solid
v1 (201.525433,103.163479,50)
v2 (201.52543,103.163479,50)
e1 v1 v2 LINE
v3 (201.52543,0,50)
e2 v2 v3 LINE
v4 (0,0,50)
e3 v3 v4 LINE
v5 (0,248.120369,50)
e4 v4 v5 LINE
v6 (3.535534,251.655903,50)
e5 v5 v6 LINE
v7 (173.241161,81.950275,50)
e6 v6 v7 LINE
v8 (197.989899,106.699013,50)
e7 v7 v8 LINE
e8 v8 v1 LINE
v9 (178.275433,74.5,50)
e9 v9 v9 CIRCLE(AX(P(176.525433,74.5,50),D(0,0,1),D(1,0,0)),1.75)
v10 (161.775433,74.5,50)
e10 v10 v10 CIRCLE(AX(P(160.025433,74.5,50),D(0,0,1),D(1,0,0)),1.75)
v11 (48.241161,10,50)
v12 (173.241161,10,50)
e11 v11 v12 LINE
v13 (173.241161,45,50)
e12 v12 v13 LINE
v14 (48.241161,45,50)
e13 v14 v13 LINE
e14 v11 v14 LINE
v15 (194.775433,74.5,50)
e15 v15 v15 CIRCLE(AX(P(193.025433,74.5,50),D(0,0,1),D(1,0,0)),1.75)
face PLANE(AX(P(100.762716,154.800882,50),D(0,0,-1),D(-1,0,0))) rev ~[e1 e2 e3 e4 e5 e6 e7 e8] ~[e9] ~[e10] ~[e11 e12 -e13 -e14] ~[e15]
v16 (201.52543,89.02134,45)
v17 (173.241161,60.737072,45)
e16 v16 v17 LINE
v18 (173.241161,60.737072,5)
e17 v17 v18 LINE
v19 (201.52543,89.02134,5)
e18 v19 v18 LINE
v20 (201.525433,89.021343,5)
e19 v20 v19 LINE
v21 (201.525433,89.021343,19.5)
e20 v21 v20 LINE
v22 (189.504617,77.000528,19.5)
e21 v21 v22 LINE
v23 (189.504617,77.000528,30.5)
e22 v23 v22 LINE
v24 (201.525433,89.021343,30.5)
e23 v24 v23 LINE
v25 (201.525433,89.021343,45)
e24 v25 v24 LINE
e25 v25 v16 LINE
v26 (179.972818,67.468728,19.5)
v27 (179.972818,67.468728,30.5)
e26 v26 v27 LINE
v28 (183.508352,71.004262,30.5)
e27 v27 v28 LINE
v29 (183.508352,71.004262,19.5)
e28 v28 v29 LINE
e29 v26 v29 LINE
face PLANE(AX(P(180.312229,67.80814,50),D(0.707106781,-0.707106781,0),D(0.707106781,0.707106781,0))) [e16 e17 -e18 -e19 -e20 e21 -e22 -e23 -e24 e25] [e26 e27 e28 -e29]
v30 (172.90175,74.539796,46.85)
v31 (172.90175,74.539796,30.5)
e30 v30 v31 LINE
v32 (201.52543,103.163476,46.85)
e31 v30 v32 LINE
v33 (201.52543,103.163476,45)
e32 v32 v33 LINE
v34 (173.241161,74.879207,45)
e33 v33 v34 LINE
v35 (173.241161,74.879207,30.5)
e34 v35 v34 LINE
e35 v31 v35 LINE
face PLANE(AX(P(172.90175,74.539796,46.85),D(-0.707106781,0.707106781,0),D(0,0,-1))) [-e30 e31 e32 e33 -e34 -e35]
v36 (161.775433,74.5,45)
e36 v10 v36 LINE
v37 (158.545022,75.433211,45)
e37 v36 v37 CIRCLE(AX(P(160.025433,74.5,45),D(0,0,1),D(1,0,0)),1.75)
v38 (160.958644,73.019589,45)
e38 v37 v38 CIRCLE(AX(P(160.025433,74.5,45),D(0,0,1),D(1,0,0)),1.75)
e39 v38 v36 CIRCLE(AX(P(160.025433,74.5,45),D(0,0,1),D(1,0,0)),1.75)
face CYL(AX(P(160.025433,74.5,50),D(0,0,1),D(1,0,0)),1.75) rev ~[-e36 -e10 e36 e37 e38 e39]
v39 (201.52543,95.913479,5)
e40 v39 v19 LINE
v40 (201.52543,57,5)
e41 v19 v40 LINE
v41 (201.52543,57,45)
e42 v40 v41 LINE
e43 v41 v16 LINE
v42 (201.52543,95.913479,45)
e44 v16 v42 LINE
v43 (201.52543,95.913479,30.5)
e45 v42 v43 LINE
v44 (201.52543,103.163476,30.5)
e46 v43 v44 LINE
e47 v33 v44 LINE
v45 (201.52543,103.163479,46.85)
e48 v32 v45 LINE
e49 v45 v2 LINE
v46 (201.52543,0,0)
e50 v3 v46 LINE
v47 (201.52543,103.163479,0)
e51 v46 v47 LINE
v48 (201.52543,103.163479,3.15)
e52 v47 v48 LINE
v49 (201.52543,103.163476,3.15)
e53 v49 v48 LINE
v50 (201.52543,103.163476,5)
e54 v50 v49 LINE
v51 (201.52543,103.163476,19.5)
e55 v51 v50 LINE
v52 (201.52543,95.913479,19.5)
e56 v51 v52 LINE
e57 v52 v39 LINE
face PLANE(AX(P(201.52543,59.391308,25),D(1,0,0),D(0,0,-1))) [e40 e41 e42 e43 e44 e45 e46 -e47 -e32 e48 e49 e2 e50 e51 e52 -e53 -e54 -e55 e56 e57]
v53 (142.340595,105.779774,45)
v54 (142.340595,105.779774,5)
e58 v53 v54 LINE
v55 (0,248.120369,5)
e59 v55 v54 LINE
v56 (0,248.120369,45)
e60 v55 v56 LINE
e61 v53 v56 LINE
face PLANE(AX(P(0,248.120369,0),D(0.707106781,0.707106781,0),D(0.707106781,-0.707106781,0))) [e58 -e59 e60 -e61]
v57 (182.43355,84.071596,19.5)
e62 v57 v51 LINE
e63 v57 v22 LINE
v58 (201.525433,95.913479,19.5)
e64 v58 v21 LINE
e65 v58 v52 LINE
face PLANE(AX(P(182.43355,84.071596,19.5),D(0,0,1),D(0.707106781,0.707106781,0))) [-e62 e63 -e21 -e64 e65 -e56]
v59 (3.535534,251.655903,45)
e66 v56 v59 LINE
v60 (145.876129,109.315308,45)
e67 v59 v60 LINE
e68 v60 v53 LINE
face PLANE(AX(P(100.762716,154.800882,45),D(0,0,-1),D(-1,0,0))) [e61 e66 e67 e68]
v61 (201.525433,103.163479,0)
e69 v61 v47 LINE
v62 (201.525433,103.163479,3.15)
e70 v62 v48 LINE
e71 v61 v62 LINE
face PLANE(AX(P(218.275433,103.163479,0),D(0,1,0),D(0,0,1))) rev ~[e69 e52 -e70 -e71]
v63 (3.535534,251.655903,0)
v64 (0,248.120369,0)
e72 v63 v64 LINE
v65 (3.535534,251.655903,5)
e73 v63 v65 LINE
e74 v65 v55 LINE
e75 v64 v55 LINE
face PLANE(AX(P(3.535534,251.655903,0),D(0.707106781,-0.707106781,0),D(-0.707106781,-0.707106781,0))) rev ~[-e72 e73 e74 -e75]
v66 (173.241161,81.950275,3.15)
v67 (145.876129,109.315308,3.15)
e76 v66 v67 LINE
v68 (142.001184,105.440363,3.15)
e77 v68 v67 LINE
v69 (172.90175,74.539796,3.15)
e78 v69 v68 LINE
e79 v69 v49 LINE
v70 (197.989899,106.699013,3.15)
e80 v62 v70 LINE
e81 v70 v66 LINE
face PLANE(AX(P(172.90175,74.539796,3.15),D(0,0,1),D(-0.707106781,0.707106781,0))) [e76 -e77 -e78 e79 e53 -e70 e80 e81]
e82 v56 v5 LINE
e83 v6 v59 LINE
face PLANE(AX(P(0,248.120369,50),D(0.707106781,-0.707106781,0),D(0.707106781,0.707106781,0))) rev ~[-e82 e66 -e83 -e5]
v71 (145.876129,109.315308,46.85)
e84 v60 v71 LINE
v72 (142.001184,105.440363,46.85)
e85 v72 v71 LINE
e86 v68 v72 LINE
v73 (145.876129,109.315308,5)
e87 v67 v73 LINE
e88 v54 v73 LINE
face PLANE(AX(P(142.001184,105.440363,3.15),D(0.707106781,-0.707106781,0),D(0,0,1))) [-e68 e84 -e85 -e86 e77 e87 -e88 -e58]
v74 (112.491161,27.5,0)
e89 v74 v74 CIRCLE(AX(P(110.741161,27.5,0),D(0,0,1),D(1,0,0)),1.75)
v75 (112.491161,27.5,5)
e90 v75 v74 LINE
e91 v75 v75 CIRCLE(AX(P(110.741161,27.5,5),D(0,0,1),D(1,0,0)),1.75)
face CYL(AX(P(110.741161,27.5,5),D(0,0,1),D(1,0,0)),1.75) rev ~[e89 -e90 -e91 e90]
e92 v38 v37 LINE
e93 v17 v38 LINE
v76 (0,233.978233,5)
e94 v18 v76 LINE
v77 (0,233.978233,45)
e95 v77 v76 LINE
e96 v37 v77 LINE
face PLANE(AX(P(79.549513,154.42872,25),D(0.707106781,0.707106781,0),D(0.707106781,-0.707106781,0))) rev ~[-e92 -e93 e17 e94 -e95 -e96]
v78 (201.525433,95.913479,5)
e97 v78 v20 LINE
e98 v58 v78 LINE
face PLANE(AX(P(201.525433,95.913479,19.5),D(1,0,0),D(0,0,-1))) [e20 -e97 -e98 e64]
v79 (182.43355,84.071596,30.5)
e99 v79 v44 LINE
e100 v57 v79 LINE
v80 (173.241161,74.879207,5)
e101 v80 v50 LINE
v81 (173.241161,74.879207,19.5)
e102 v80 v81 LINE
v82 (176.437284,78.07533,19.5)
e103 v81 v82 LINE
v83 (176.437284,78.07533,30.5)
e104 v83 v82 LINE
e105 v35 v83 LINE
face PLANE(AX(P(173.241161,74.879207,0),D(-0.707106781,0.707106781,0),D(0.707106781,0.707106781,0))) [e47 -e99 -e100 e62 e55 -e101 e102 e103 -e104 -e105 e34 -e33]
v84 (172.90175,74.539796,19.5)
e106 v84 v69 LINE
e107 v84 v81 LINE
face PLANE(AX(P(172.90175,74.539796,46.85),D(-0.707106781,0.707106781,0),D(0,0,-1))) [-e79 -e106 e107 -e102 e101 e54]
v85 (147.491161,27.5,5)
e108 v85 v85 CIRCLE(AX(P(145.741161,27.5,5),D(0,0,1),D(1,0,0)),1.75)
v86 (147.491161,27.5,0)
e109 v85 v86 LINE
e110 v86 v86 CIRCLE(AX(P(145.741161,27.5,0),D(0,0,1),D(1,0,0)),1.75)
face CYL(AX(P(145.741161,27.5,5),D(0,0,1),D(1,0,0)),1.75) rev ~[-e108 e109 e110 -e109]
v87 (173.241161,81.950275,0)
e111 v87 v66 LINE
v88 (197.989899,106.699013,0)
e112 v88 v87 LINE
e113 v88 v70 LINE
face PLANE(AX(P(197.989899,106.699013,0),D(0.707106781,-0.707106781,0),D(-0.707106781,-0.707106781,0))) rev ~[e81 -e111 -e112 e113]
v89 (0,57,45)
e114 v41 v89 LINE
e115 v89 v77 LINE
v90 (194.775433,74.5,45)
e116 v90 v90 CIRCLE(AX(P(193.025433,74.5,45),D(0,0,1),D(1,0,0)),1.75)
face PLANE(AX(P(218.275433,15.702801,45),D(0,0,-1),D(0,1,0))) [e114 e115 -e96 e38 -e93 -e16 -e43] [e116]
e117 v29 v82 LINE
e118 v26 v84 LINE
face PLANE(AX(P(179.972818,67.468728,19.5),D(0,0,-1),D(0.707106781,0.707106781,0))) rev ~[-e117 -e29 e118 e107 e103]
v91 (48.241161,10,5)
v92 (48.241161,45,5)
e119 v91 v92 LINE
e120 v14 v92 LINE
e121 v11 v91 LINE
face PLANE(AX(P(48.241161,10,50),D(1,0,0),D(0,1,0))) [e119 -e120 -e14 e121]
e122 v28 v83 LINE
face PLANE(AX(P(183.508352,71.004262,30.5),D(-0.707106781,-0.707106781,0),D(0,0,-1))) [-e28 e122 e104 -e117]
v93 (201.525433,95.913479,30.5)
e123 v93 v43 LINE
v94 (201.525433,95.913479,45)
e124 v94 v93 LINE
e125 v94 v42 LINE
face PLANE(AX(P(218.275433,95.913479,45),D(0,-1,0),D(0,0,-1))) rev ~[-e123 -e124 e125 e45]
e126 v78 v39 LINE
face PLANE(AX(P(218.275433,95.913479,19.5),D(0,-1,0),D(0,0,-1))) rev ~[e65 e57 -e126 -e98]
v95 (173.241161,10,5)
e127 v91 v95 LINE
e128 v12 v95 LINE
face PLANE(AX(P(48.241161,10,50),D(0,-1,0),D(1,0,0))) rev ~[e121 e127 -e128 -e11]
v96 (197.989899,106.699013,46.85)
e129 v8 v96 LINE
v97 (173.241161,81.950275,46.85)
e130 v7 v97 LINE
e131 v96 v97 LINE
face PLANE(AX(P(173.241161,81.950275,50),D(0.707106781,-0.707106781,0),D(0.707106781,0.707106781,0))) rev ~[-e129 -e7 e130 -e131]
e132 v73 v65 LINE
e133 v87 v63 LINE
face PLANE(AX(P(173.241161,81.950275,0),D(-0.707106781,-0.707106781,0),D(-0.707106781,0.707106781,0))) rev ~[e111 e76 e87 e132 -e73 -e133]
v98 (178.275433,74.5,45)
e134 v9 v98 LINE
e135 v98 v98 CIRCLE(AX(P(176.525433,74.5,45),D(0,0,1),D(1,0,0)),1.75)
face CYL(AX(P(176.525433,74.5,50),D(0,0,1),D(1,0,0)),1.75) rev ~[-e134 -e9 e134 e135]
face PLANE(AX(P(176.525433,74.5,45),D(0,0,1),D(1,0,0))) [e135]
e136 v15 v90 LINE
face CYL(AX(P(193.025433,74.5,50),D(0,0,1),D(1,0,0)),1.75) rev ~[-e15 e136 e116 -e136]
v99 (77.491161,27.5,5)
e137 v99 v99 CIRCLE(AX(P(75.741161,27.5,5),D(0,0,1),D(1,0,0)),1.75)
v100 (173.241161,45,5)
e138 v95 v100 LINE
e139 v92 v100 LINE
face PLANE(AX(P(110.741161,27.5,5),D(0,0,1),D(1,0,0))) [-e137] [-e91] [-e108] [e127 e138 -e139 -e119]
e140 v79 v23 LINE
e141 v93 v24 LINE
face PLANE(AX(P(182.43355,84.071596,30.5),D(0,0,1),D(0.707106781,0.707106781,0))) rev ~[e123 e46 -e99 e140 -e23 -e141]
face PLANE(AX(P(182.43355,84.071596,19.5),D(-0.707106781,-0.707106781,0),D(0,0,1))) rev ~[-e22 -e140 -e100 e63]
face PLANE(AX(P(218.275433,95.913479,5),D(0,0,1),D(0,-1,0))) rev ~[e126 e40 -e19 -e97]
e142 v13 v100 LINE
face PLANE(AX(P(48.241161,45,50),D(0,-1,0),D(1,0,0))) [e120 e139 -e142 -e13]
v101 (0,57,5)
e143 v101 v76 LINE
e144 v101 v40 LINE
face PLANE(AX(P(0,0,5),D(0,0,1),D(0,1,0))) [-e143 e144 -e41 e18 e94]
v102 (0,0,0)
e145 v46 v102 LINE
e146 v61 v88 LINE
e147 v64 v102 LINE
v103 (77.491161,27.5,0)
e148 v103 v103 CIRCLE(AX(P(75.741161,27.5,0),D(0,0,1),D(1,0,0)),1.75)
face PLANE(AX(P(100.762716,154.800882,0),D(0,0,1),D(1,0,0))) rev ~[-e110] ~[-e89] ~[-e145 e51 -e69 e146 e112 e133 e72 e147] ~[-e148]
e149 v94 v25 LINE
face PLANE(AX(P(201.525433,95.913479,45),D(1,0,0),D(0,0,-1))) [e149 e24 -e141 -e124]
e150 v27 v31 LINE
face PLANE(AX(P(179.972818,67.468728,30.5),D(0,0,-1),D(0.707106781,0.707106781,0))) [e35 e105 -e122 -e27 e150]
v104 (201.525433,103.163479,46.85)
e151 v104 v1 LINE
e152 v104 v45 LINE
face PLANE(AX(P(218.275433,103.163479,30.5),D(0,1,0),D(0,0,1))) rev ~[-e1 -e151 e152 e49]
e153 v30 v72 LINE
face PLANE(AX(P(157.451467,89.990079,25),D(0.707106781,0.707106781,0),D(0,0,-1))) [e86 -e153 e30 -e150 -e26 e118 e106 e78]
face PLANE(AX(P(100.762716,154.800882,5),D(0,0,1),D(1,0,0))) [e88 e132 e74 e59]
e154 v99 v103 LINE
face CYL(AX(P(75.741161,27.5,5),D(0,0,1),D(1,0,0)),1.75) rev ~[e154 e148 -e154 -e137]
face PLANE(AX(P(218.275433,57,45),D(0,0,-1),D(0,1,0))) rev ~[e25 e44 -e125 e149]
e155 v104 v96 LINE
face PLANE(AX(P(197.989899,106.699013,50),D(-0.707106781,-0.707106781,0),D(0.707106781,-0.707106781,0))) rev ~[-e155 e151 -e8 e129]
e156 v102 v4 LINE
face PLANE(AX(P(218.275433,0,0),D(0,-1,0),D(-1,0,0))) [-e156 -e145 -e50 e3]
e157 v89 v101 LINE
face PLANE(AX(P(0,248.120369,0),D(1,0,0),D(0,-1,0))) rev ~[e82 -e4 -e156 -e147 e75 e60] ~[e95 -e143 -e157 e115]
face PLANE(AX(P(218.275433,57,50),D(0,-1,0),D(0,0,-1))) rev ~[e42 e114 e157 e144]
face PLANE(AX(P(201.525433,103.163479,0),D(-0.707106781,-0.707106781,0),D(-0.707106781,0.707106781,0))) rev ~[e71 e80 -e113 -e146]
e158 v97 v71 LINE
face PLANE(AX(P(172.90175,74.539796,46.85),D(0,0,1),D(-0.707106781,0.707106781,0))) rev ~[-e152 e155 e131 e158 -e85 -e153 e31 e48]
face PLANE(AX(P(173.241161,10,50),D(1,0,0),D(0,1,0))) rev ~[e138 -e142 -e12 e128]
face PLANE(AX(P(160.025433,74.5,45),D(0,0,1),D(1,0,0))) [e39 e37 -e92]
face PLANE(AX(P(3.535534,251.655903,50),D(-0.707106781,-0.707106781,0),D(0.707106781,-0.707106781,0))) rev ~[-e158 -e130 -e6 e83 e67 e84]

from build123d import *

# Parameters (mm, degrees)
BOSS_EXTRUDE1_DEPTH              = 50
CUT_EXTRUDE1_REACH               = 346.227
CUT_EXTRUDE1_OFFSET_FROM_SURFACE = 10
SKETCH7_W                        = 40
SKETCH7_H                        = 243.120368846
CUT_EXTRUDE2_REACH               = 336.227
SKETCH8_W                        = 40
SKETCH8_H                        = 80.210678119
BOSS_EXTRUDE2_DEPTH              = 5
BOSS_EXTRUDE3_DEPTH              = 5
SKETCH12_W                       = 11
SKETCH12_H                       = 50
CUT_EXTRUDE3_DEPTH               = 20
SKETCH13_W                       = 50
SKETCH13_H                       = 57
BOSS_EXTRUDE4_DEPTH              = 218.275432638
CUT_EXTRUDE5_DEPTH               = 185.855610396
CUT_EXTRUDE5_DEPTH_BACK          = 0.48
SKETCH14_W                       = 40
SKETCH14_H                       = 43.7
SKETCH14_W_2                     = 1.85
CUT_EXTRUDE6_START               = -10
SKETCH15_W                       = 5.5
SKETCH15_H                       = 5
CUT_EXTRUDE6_DEPTH               = 10
SKETCH16_W                       = 125
SKETCH16_H                       = 35
CUT_EXTRUDE7_DEPTH               = 45
CUT_EXTRUDE8_DEPTH               = 5
CUT_EXTRUDE9_DEPTH               = 16.750003
CUT_EXTRUDE10_REACH              = 266.941
SKETCH19_W                       = 6.892135624
SKETCH19_H                       = 14.5
SKETCH20_R                       = 1.75
CUT_EXTRUDE11_DEPTH              = 5


with BuildPart() as part:
    # Sketch2 → Boss-Extrude1 (new body)
    with BuildSketch(Plane.XY):
        Polygon((218.275432638, 103.163478703), (218.275432638, 0), (0, 0), (0, 44.039493547), (0, 248.120368846), (173.241161391, 74.879207455), (201.525432638, 103.163478703), align=None)
    extrude(amount=BOSS_EXTRUDE1_DEPTH)

    # Cut-Extrude1: up to this face of the body (flat: up to its plane, moved by the offset)
    cut_extrude1_end = Plane(part.part.faces().sort_by_distance((86.620580695, 161.499788151, 25))[0]).offset(-CUT_EXTRUDE1_OFFSET_FROM_SURFACE)
    # Sketch7 → Cut-Extrude1 (cut, up to the picked face)
    with BuildSketch(Plane.ZY, mode=Mode.PRIVATE) as cut_extrude1_sk1:
        with Locations((25, 121.560184423)):
            Rectangle(SKETCH7_W, SKETCH7_H)
    cut_extrude1_tool1 = split(extrude(cut_extrude1_sk1.sketch, amount=-CUT_EXTRUDE1_REACH, mode=Mode.PRIVATE), bisect_by=cut_extrude1_end, keep=Keep.BOTH, mode=Mode.PRIVATE)
    add(cut_extrude1_tool1.solids().sort_by(Axis((0, 121.560184, 25), (1, 0, 0)))[0], mode=Mode.SUBTRACT)

    # Cut-Extrude2: up to this plane
    cut_extrude2_end = Plane(origin=(180.312229203, 67.808139643, 50), z_dir=(0.7071067811865477, -0.7071067811865474, 0))
    # Sketch8 → Cut-Extrude2 (cut, up to the surface)
    with BuildSketch(Plane(origin=(218.275432638, 0, 0), x_dir=(0, 0, -1), z_dir=(1, 0, 0)), mode=Mode.PRIVATE) as cut_extrude2_sk1:
        with Locations((-25, 55.808139644)):
            Rectangle(SKETCH8_W, SKETCH8_H)
    cut_extrude2_tool1 = split(extrude(cut_extrude2_sk1.sketch, amount=-CUT_EXTRUDE2_REACH, mode=Mode.PRIVATE), bisect_by=cut_extrude2_end, keep=Keep.BOTH, mode=Mode.PRIVATE)
    add(cut_extrude2_tool1.solids().sort_by_distance((218.275433, 55.80814, 25))[0], mode=Mode.SUBTRACT)

    # Sketch10 → Boss-Extrude2 (add)
    with BuildSketch(Plane.XY.offset(50)):
        Polygon((0, 248.120368846), (3.535533906, 251.655902752), (173.241161391, 81.950275267), (197.989898732, 106.699012609), (201.525432638, 103.163478703), (173.241161391, 74.879207455), align=None)
    extrude(amount=-BOSS_EXTRUDE2_DEPTH)

    # Sketch11 → Boss-Extrude3 (add)
    with BuildSketch(Plane(origin=(0, 0, 0), x_dir=(-1, 0, 0), z_dir=(0, 0, -1))):
        Polygon((-201.525432638, 103.163478703), (-197.989898732, 106.699012609), (-173.241161391, 81.950275267), (-3.535533906, 251.655902752), (0, 248.120368846), (-173.241161391, 74.879207455), align=None)
    extrude(amount=-BOSS_EXTRUDE3_DEPTH)

    # Sketch12 → Cut-Extrude3 (cut)
    with BuildSketch(Plane(origin=(49.180976968, -49.180976968, 0), x_dir=(0, 0, 1), z_dir=(-0.7071067811865435, 0.7071067811865517, 0))):
        with Locations((25, 213.447595361)):
            Rectangle(SKETCH12_W, SKETCH12_H)
    extrude(amount=-CUT_EXTRUDE3_DEPTH, mode=Mode.SUBTRACT)

    # Sketch13 → Boss-Extrude4 (add)
    with BuildSketch(Plane(origin=(218.275432638, 0, 0), x_dir=(0, 0, -1), z_dir=(1, 0, 0))):
        with Locations((-25, 28.5)):
            Rectangle(SKETCH13_W, SKETCH13_H)
    extrude(amount=-BOSS_EXTRUDE4_DEPTH)

    # Sketch14 → Cut-Extrude5 (cut, two sides: drawn at the far end of the back side and taken through both)
    with BuildSketch(Plane(origin=(124.060184423, 124.060184423, 0), x_dir=(0, 0, -1), z_dir=(0.7071067811865435, 0.7071067811865517, 0)).offset(-CUT_EXTRUDE5_DEPTH_BACK)):
        with Locations((-25, -47.702404639)):
            Rectangle(SKETCH14_W, SKETCH14_H)
        with Locations((-45.925, -47.702404639)):
            Rectangle(SKETCH14_W_2, SKETCH14_H)
        with Locations((-4.075, -47.702404639)):
            Rectangle(SKETCH14_W_2, SKETCH14_H)
    extrude(amount=CUT_EXTRUDE5_DEPTH + CUT_EXTRUDE5_DEPTH_BACK, mode=Mode.SUBTRACT)

    # Sketch15 → Cut-Extrude6 (cut)
    with BuildSketch(Plane(origin=(49.180976968, -49.180976968, 0), x_dir=(0, 0, 1), z_dir=(-0.7071067811865477, 0.7071067811865474, 0)).offset(CUT_EXTRUDE6_START)):
        with Locations((27.75, 177.467595361)):
            Rectangle(SKETCH15_W, SKETCH15_H)
        with Locations((22.25, 177.467595361)):
            Rectangle(SKETCH15_W, SKETCH15_H)
    extrude(amount=CUT_EXTRUDE6_DEPTH, mode=Mode.SUBTRACT)

    # Sketch16 → Cut-Extrude7 (cut)
    with BuildSketch(Plane.XY.offset(50)):
        with Locations((110.741161391, 27.5)):
            Rectangle(SKETCH16_W, SKETCH16_H)
    extrude(amount=-CUT_EXTRUDE7_DEPTH, mode=Mode.SUBTRACT)

    # Sketch17 → Cut-Extrude8 (cut)
    with BuildSketch(Plane.XY.offset(5)):
        with BuildLine():
            ThreePointArc((73.991161391, 27.5), (75.741161391, 25.75), (77.491161391, 27.5))
            Line((77.491161391, 27.5), (73.991161391, 27.5))
        make_face()
        with BuildLine():
            Line((73.991161391, 27.5), (77.491161391, 27.5))
            ThreePointArc((77.491161391, 27.5), (75.741161391, 29.25), (73.991161391, 27.5))
        make_face()
        with BuildLine():
            ThreePointArc((108.991161391, 27.5), (110.741161391, 25.75), (112.491161391, 27.5))
            Line((112.491161391, 27.5), (108.991161391, 27.5))
        make_face()
        with BuildLine():
            Line((108.991161391, 27.5), (112.491161391, 27.5))
            ThreePointArc((112.491161391, 27.5), (110.741161391, 29.25), (108.991161391, 27.5))
        make_face()
        with BuildLine():
            ThreePointArc((143.991161391, 27.5), (145.741161391, 25.75), (147.491161391, 27.5))
            Line((147.491161391, 27.5), (143.991161391, 27.5))
        make_face()
        with BuildLine():
            Line((143.991161391, 27.5), (147.491161391, 27.5))
            ThreePointArc((147.491161391, 27.5), (145.741161391, 29.25), (143.991161391, 27.5))
        make_face()
    extrude(amount=-CUT_EXTRUDE8_DEPTH, mode=Mode.SUBTRACT)

    # Sketch18 → Cut-Extrude9 (cut)
    with BuildSketch(Plane(origin=(218.275432638, 0, 0), x_dir=(0, 0, -1), z_dir=(1, 0, 0))):
        Polygon((-5, 95.913478703), (-5, 57), (-45, 57), (-45, 95.913478703), (-30.5, 95.913478703), (-30.5, 103.163478703), (-50, 103.163478703), (-50, 0), (0, 0), (0, 103.163478703), (-19.5, 103.163478703), (-19.5, 95.913478703), align=None)
    extrude(amount=-CUT_EXTRUDE9_DEPTH, mode=Mode.SUBTRACT)

    # Sketch19 → Cut-Extrude10 (cut, up to next)
    with BuildSketch(Plane(origin=(0, 95.913478703, 0), x_dir=(1, 0, 0), z_dir=(0, 1, 0)), mode=Mode.PRIVATE) as cut_extrude10_sk1:
        with Locations((204.97150045, -37.75)):
            Rectangle(SKETCH19_W, SKETCH19_H)
    cut_extrude10_tool1 = extrude(cut_extrude10_sk1.sketch, amount=-CUT_EXTRUDE10_REACH, mode=Mode.PRIVATE) & part.part
    # Sketch19 → Cut-Extrude10 (cut, up to next)
    with BuildSketch(Plane(origin=(0, 95.913478703, 0), x_dir=(1, 0, 0), z_dir=(0, 1, 0)), mode=Mode.PRIVATE) as cut_extrude10_sk2:
        with Locations((204.97150045, -12.25)):
            Rectangle(SKETCH19_W, SKETCH19_H)
    cut_extrude10_tool2 = extrude(cut_extrude10_sk2.sketch, amount=-CUT_EXTRUDE10_REACH, mode=Mode.PRIVATE) & part.part
    add(cut_extrude10_tool1.solids().sort_by_distance((204.9715, 95.913479, 37.75))[0], mode=Mode.SUBTRACT)
    add(cut_extrude10_tool2.solids().sort_by_distance((204.9715, 95.913479, 12.25))[0], mode=Mode.SUBTRACT)

    # Sketch20 → Cut-Extrude11 (cut)
    with BuildSketch(Plane.XY.offset(50)):
        with Locations((176.525432638, 74.5)):
            Circle(SKETCH20_R)
        with Locations((160.025432638, 74.5)):
            Circle(SKETCH20_R)
        with Locations((193.025432638, 74.5)):
            Circle(SKETCH20_R)
    extrude(amount=-CUT_EXTRUDE11_DEPTH, mode=Mode.SUBTRACT)


solid = part.part
